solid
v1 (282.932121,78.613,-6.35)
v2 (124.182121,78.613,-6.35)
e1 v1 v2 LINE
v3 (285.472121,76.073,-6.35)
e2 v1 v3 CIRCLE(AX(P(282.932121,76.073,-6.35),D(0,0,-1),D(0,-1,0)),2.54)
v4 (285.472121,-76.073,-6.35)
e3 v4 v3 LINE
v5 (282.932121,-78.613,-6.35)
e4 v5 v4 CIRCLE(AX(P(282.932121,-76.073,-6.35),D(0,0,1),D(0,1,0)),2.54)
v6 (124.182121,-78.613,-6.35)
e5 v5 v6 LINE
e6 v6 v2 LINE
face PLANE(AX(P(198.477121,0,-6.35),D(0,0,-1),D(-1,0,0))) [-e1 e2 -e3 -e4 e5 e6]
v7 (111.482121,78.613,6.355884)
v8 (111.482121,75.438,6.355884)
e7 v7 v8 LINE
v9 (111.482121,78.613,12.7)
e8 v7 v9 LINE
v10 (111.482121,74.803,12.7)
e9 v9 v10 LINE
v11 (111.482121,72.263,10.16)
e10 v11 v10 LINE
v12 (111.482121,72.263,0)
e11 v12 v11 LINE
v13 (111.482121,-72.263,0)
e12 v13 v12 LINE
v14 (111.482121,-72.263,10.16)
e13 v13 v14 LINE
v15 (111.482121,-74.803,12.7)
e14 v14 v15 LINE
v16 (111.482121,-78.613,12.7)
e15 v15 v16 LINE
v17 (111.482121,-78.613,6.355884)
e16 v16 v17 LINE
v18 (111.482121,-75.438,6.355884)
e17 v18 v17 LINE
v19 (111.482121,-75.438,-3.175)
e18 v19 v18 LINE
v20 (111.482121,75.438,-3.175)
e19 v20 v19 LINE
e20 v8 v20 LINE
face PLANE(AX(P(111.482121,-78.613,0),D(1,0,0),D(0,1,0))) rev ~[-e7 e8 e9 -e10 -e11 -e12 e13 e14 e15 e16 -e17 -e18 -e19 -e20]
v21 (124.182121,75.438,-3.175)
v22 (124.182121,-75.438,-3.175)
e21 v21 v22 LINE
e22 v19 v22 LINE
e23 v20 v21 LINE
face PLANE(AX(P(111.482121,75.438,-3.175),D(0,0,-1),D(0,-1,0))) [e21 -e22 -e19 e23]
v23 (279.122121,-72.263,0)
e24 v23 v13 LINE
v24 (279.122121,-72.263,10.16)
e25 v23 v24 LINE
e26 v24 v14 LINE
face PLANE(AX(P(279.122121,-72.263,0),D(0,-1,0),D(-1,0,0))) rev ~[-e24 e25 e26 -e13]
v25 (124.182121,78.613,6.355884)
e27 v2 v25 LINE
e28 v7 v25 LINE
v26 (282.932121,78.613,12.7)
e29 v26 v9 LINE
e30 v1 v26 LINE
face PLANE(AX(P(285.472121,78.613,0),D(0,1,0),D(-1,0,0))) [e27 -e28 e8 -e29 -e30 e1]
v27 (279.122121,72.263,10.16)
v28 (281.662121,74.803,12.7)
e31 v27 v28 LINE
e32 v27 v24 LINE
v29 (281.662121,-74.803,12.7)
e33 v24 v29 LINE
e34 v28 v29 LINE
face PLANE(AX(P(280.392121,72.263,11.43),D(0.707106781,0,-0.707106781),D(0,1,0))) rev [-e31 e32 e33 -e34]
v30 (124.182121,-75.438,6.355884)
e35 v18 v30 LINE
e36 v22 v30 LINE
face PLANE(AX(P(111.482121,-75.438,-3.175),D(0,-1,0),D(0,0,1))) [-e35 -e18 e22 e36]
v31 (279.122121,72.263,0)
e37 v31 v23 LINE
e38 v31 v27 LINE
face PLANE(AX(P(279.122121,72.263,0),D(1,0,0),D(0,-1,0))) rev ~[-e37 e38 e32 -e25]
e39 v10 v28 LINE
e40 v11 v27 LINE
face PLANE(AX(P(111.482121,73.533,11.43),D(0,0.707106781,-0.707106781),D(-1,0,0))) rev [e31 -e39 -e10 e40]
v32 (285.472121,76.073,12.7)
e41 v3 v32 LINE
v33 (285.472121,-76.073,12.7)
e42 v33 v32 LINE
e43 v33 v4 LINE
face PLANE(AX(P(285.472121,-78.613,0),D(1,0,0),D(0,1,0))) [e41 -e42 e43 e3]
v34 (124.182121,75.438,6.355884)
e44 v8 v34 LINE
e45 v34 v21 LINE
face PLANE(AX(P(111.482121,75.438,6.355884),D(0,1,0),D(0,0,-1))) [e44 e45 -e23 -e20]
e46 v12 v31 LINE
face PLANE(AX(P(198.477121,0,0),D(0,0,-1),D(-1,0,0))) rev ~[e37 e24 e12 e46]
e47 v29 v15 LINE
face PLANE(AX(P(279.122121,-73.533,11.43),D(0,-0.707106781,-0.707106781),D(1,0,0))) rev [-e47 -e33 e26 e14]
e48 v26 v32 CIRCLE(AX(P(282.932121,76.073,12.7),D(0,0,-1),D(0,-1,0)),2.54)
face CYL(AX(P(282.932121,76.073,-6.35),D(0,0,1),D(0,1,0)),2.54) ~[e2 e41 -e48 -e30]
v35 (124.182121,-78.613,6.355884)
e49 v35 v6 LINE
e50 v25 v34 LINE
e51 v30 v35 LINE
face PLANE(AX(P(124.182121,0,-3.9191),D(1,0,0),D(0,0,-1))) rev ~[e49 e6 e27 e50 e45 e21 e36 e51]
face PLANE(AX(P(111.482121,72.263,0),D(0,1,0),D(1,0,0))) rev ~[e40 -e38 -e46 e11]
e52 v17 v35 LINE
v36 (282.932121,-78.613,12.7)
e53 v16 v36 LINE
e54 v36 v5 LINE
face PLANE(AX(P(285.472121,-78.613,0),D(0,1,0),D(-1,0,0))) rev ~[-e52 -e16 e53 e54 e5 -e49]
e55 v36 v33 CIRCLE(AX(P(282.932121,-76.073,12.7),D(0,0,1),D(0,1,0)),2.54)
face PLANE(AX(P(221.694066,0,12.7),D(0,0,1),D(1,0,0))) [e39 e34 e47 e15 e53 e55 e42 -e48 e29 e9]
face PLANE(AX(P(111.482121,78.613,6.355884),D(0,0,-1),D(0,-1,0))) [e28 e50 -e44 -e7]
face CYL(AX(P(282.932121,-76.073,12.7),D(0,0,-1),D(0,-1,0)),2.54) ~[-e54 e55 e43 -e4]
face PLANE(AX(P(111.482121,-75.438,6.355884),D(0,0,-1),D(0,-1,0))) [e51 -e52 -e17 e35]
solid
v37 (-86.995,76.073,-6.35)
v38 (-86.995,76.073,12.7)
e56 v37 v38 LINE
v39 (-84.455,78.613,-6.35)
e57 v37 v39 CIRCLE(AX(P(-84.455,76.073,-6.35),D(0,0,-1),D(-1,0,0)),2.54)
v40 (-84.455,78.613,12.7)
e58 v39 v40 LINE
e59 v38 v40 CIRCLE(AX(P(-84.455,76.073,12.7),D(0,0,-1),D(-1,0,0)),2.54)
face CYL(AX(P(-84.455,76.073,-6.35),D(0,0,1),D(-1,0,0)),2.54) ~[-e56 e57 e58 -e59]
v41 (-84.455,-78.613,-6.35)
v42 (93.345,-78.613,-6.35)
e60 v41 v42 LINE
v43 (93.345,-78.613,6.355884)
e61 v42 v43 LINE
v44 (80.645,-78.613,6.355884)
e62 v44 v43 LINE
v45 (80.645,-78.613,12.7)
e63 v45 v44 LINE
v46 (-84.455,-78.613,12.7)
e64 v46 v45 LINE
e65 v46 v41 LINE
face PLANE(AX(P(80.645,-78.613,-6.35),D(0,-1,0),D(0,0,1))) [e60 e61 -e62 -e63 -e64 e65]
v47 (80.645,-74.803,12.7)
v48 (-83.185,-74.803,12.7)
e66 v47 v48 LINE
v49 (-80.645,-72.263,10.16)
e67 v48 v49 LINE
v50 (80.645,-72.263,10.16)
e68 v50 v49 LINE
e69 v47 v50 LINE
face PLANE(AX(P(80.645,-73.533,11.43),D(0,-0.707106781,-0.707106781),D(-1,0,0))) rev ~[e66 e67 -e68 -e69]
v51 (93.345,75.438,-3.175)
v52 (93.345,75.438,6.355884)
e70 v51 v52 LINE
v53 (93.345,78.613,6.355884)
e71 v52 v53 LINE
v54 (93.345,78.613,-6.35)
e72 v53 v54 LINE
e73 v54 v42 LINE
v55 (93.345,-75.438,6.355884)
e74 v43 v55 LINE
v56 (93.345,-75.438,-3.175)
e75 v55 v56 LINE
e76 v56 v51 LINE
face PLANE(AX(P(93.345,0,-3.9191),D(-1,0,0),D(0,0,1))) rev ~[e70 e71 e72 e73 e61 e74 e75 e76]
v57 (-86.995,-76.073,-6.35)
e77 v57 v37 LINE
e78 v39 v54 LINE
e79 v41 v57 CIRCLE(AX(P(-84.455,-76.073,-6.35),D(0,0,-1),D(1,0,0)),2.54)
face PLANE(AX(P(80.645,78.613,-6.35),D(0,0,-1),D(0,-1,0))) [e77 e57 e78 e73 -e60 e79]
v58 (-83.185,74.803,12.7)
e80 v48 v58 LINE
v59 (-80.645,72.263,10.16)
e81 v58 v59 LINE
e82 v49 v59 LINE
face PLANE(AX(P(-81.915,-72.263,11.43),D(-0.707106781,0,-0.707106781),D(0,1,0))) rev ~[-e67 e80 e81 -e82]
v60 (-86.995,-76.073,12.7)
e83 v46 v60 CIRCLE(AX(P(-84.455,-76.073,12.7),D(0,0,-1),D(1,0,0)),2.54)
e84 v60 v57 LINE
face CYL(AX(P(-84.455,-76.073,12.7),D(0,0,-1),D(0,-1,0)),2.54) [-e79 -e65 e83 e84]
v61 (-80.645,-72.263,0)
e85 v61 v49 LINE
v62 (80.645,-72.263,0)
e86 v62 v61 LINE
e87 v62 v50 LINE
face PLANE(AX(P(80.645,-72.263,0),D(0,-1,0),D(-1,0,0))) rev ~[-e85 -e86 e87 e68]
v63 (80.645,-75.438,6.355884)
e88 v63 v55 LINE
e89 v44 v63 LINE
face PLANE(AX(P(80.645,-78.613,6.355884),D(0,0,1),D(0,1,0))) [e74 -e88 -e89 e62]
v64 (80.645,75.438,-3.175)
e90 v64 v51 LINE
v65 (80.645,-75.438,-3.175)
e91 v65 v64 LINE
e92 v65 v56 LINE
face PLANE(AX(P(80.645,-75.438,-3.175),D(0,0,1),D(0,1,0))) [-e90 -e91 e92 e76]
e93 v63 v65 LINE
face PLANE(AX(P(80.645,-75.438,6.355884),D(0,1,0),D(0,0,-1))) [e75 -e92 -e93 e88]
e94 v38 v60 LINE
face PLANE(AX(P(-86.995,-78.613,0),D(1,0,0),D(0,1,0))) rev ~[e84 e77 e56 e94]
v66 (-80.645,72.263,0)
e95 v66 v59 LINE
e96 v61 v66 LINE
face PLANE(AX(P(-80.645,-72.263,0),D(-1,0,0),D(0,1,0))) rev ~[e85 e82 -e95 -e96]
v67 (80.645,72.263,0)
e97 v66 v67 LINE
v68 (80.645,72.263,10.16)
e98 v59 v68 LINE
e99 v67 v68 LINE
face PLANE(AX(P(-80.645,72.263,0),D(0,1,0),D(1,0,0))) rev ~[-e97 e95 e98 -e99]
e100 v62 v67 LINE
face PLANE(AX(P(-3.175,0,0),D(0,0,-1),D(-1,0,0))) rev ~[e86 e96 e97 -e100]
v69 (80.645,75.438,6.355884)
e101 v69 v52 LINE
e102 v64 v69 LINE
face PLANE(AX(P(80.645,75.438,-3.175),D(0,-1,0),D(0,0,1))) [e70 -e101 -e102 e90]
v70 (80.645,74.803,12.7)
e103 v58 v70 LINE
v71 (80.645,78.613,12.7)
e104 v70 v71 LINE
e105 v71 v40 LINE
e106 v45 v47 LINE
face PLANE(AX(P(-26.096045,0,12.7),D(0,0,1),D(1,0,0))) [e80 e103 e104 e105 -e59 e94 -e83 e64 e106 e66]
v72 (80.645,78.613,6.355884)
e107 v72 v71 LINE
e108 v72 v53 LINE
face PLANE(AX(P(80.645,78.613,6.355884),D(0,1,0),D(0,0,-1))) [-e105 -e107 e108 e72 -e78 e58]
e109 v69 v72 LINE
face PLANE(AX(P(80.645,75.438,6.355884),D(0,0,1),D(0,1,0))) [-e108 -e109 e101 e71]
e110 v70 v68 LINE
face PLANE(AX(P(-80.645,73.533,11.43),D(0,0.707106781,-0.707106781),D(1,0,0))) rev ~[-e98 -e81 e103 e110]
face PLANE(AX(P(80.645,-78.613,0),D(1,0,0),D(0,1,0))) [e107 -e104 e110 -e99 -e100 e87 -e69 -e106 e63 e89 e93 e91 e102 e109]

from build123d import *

# Parameters (mm, degrees)
BOSS_EXTRUDE1_DEPTH = 12.7
SKETCH2_W           = 167.64
SKETCH2_H           = 157.226
BOSS_EXTRUDE2_DEPTH = 6.35
FILLET1_R           = 2.54
FILLET2_SIZE        = 2.54
BOSS_EXTRUDE6_DEPTH = 12.7
SKETCH8_W           = 173.99
SKETCH8_H           = 157.226
BOSS_EXTRUDE7_DEPTH = 6.35
CHAMFER1_SIZE       = 2.54
FILLET4_R           = 2.54
BOSS_EXTRUDE8_DEPTH = 12.7
CUT_EXTRUDE1_DEPTH  = 12.7


with BuildPart() as part:
    # Sketch1 → Boss-Extrude1 (new body)
    with BuildSketch(Plane.XY):
        Polygon((-80.645, 72.263), (80.645, 72.263), (80.645, 78.613), (-86.995, 78.613), (-86.995, -78.613), (80.645, -78.613), (80.645, -72.263), (-80.645, -72.263), align=None)
    extrude(amount=BOSS_EXTRUDE1_DEPTH)

    # Sketch2 → Boss-Extrude2 (add)
    with BuildSketch(Plane(origin=(0, 0, 0), x_dir=(-1, 0, 0), z_dir=(0, 0, -1))):
        with Locations((3.175, 0)):
            Rectangle(SKETCH2_W, SKETCH2_H)
    extrude(amount=BOSS_EXTRUDE2_DEPTH)

    # Fillet1
    fillet1_edges = [part.edges().sort_by_distance(p)[0] for p in [
        (-86.995, -78.613, 3.175),
        (-86.995, 78.613, 3.175),
    ]]
    fillet(fillet1_edges, radius=FILLET1_R)

    # Fillet2
    fillet2_edges = [part.edges().sort_by_distance(p)[0] for p in [
        (0, -72.263, 12.7),
        (-80.645, 0, 12.7),
        (0, 72.263, 12.7),
    ]]
    chamfer(fillet2_edges, length=FILLET2_SIZE)

    # Sketch9 → Boss-Extrude8 (add)
    with BuildSketch(Plane(origin=(80.645, 0, 0), x_dir=(0, 0, -1), z_dir=(1, 0, 0))):
        Polygon((6.35, -78.613), (-6.355883999, -78.613), (-6.355883999, -75.438), (3.175, -75.438), (3.175, 75.438), (-6.355883999, 75.438), (-6.355883999, 78.613), (6.35, 78.613), align=None)
    extrude(amount=BOSS_EXTRUDE8_DEPTH)


with BuildPart() as body_2:
    # Sketch7 → Boss-Extrude6 (new body)
    with BuildSketch(Plane.XY):
        Polygon((285.472121408, 78.613), (111.482121408, 78.613), (111.482121408, 72.263), (279.122121408, 72.263), (279.122121408, -72.263), (111.482121408, -72.263), (111.482121408, -78.613), (285.472121408, -78.613), align=None)
    extrude(amount=BOSS_EXTRUDE6_DEPTH)

    # Sketch8 → Boss-Extrude7 (add)
    with BuildSketch(Plane(origin=(0, 0, 0), x_dir=(-1, 0, 0), z_dir=(0, 0, -1))):
        with Locations((-198.477121408, 0)):
            Rectangle(SKETCH8_W, SKETCH8_H)
    extrude(amount=BOSS_EXTRUDE7_DEPTH)

    # Chamfer1
    chamfer1_edges = [body_2.edges().sort_by_distance(p)[0] for p in [
        (279.122121408, 0, 12.7),
        (195.302121408, -72.263, 12.7),
        (195.302121408, 72.263, 12.7),
    ]]
    chamfer(chamfer1_edges, length=CHAMFER1_SIZE)

    # Fillet4
    fillet4_edges = [body_2.edges().sort_by_distance(p)[0] for p in [
        (285.472121408, 78.613, 3.175),
        (285.472121408, -78.613, 3.175),
    ]]
    fillet(fillet4_edges, radius=FILLET4_R)

    # Sketch10 → Cut-Extrude1 (cut)
    with BuildSketch(Plane.ZY.offset(-111.482121408)):
        Polygon((-6.35, 78.613), (6.355883999, 78.613), (6.355883999, 75.438), (-3.175, 75.438), (-3.175, -75.438), (6.355883999, -75.438), (6.355883999, -78.613), (-6.35, -78.613), align=None)
    extrude(amount=-CUT_EXTRUDE1_DEPTH, mode=Mode.SUBTRACT)


solid = Compound([part.part, body_2.part])
